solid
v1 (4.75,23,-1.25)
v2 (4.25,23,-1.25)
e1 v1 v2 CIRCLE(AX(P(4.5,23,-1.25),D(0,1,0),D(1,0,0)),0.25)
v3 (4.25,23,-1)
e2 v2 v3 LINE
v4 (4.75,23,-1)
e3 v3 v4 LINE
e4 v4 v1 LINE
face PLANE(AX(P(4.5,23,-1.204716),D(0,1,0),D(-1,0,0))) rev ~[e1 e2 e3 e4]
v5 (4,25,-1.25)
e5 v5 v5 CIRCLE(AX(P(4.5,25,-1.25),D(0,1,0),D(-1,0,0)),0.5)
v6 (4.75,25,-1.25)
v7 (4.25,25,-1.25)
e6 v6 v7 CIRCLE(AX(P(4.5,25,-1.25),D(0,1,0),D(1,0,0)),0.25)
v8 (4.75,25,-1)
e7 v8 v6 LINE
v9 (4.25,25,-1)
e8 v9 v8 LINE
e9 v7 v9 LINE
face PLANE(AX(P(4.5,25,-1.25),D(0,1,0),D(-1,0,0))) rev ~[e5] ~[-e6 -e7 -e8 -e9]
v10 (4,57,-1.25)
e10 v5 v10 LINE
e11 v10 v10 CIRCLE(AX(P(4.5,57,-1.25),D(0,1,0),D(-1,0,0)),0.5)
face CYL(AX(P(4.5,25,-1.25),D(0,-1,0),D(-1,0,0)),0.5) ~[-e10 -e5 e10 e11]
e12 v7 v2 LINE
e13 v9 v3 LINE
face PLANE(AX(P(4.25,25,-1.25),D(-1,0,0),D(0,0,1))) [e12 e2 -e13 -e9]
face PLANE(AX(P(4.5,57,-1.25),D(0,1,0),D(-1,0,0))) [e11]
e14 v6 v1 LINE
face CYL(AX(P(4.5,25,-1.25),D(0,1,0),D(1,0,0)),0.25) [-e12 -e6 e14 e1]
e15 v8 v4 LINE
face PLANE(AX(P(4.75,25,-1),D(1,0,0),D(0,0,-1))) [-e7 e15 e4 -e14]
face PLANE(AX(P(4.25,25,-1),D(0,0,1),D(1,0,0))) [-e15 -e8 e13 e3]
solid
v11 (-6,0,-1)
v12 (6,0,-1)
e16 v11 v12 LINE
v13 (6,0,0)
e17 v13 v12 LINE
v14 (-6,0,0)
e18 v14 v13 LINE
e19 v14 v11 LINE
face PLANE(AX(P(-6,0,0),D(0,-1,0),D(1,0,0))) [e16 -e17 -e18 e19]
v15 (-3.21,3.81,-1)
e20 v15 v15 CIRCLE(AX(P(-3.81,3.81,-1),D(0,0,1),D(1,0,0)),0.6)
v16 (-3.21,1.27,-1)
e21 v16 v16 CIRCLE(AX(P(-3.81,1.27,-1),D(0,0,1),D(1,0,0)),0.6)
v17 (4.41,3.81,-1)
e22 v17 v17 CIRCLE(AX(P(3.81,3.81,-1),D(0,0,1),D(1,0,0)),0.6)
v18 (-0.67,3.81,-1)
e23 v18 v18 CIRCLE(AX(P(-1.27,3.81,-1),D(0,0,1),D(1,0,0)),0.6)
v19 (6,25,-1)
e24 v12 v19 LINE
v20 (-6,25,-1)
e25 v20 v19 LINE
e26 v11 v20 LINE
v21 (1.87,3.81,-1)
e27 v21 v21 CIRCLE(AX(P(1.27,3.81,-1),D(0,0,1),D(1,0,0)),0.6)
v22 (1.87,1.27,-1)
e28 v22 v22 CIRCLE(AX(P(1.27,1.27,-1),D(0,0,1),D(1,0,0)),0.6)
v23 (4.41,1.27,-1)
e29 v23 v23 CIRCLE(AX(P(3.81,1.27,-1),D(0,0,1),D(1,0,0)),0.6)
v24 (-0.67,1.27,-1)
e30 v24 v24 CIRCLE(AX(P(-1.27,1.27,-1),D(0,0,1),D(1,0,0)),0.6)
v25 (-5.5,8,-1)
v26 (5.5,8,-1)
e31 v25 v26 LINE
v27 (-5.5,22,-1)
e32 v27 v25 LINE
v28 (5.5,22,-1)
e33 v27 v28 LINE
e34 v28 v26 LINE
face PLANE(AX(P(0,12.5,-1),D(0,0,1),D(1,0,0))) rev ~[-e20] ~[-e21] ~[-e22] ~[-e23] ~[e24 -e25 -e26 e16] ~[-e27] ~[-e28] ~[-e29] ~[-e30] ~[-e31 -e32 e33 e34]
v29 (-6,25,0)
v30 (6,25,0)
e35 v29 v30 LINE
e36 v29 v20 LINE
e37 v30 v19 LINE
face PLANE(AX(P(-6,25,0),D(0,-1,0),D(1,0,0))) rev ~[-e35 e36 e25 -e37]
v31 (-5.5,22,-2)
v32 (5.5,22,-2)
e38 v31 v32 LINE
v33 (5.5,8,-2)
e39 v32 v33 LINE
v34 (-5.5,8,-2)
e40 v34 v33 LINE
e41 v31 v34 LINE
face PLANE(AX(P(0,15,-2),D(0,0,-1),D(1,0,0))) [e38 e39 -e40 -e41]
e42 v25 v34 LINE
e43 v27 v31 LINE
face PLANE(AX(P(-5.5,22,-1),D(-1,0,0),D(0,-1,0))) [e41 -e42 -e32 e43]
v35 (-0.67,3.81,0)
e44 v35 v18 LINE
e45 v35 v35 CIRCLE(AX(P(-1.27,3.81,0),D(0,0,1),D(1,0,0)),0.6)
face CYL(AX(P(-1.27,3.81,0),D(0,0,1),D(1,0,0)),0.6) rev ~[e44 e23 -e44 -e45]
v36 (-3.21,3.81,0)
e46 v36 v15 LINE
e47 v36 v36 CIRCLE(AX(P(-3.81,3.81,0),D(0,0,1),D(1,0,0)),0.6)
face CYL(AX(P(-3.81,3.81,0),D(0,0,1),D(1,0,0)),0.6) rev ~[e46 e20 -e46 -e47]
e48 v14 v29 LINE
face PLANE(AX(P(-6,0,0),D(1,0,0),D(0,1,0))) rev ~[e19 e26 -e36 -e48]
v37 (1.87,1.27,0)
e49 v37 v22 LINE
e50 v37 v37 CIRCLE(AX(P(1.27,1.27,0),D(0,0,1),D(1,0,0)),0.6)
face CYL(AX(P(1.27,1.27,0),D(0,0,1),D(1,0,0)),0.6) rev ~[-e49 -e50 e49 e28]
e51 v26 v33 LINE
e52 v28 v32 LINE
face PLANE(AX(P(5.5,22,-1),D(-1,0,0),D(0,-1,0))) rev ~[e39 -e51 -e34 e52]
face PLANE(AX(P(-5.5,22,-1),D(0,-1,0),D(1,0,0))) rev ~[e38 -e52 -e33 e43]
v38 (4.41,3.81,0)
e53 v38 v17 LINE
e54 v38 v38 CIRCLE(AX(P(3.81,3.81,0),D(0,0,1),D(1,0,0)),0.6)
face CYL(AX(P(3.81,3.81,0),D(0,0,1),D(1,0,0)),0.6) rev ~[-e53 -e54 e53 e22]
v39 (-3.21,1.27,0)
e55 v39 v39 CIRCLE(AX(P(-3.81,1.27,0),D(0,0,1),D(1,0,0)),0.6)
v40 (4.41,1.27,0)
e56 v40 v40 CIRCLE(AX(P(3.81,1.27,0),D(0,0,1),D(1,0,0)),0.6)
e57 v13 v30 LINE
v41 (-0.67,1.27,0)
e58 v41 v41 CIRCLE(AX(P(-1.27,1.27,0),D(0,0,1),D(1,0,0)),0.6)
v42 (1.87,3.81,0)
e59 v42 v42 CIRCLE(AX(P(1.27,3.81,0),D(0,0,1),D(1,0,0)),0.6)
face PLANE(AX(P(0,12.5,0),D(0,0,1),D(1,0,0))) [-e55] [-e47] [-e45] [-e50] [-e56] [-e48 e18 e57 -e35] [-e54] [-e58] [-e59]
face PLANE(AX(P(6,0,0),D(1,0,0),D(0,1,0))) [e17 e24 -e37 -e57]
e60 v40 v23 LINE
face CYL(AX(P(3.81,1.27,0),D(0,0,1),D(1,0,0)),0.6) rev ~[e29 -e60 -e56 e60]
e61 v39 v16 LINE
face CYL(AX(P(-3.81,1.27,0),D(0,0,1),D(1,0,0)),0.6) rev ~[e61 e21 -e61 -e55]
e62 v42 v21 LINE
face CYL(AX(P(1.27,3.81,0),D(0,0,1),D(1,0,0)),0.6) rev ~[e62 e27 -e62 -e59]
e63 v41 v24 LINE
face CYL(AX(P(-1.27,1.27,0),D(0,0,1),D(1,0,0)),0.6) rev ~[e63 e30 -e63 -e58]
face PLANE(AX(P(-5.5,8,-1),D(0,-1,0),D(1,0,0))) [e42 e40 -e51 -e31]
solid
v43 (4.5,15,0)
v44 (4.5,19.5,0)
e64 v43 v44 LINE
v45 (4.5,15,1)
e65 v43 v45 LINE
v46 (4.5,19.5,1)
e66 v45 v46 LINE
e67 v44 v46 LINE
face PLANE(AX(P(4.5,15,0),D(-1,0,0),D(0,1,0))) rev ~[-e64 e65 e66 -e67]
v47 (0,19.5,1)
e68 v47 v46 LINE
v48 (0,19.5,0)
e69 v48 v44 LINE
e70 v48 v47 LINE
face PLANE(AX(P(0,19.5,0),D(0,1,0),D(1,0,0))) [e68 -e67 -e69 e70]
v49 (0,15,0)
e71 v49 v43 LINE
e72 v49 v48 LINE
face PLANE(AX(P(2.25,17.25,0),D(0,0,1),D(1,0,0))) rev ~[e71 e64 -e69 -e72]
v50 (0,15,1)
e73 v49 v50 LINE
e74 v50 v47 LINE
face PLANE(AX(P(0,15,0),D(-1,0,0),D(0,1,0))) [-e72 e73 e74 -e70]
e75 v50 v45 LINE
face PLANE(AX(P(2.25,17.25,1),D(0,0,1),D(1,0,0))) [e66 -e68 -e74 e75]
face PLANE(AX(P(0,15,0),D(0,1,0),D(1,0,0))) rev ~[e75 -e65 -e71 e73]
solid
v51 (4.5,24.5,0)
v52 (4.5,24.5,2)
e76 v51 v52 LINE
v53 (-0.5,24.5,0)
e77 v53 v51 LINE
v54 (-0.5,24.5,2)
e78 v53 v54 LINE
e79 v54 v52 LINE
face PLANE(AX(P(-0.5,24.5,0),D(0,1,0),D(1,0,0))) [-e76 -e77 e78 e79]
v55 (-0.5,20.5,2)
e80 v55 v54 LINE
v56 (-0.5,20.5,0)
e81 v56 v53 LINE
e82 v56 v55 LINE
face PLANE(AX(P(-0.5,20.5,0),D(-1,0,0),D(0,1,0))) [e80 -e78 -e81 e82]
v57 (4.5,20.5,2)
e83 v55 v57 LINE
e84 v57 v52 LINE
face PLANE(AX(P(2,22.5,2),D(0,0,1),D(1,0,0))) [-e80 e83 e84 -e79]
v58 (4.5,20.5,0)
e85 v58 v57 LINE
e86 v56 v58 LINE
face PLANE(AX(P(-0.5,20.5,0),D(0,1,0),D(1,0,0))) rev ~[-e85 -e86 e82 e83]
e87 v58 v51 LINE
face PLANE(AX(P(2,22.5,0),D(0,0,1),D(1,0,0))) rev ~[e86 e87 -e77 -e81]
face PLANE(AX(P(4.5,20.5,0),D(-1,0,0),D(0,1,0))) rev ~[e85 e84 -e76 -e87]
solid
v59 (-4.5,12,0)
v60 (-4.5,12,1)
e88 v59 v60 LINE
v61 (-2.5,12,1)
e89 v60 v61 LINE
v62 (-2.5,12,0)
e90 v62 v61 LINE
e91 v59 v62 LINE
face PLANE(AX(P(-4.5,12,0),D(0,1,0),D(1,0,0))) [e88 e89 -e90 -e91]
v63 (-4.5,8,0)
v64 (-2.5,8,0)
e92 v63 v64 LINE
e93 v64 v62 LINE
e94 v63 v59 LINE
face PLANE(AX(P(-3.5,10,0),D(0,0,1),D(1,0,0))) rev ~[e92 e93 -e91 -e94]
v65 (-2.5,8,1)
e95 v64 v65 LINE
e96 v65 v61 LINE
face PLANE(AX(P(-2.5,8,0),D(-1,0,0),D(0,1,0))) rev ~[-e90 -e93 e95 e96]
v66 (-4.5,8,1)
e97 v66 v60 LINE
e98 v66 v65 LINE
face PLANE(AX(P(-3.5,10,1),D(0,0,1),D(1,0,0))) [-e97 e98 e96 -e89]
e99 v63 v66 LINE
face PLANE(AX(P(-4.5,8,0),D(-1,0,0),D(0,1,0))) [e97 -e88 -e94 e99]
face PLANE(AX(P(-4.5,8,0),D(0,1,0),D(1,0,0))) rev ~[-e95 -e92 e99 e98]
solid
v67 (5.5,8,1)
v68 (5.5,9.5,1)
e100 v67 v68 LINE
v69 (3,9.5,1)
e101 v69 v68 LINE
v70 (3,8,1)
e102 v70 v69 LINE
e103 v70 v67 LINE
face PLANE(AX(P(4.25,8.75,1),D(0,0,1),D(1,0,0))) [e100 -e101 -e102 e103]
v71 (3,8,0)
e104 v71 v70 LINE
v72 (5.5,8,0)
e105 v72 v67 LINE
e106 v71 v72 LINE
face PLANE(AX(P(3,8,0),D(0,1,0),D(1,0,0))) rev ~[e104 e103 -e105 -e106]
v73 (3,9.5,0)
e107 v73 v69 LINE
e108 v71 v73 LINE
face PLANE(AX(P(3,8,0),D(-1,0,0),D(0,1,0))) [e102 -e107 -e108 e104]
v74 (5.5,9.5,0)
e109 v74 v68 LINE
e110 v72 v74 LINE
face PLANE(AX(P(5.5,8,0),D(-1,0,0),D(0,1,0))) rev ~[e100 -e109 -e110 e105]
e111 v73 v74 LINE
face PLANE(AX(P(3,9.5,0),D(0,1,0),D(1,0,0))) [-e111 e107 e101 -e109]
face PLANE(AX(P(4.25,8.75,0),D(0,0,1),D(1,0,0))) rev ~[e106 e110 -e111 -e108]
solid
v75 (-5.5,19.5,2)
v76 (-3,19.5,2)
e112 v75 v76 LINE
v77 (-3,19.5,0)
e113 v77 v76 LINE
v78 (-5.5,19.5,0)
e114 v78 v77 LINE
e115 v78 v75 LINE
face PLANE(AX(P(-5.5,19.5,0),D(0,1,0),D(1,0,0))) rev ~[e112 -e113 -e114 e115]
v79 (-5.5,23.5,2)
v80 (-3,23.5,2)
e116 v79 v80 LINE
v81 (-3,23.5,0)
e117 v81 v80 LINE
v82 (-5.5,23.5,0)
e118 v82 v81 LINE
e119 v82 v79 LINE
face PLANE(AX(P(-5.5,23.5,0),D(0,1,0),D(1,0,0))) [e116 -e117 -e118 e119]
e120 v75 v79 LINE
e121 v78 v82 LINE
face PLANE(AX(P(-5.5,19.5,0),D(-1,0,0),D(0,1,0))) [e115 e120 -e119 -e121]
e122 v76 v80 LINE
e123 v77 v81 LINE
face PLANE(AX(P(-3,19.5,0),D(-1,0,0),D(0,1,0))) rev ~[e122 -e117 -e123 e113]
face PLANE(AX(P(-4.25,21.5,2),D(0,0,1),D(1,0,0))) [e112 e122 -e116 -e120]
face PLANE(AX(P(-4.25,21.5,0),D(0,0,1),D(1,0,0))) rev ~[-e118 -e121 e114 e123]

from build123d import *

# Parameters (mm, degrees)
F0_W     = 12
F0_H     = 25
F0_R     = 0.6
F2_DEPTH = 1
F1_W     = 4.5
F1_H     = 4.5
F3_DEPTH = 1
F1_W_2   = 2
F1_H_2   = 4
F1_W_3   = 2.5
F1_H_3   = 1.5
F1_W_4   = 5
F4_DEPTH = 2
F5_W     = 11
F5_H     = 14
F6_DEPTH = 1
F7_R     = 0.5
F8_DEPTH = 32
F9_DEPTH = 2


with BuildPart() as f2:
    # F0 (on Top) → F2 (new body)
    with BuildSketch(Plane.XY):
        with Locations((0, 12.5)):
            Rectangle(F0_W, F0_H)
        with Locations((-3.81, 1.27)):
            Circle(F0_R, mode=Mode.SUBTRACT)
        with Locations((-3.81, 3.81)):
            Circle(F0_R, mode=Mode.SUBTRACT)
        with Locations((-1.27, 1.27)):
            Circle(F0_R, mode=Mode.SUBTRACT)
        with Locations((-1.27, 3.81)):
            Circle(F0_R, mode=Mode.SUBTRACT)
        with Locations((1.27, 1.27)):
            Circle(F0_R, mode=Mode.SUBTRACT)
        with Locations((1.27, 3.81)):
            Circle(F0_R, mode=Mode.SUBTRACT)
        with Locations((3.81, 1.27)):
            Circle(F0_R, mode=Mode.SUBTRACT)
        with Locations((3.81, 3.81)):
            Circle(F0_R, mode=Mode.SUBTRACT)
    extrude(amount=-F2_DEPTH)

    # F5 (on face) → F6 (join)
    with BuildSketch(Plane(origin=(0, 0, -1), x_dir=(1, 0, 0), z_dir=(0, 0, -1))):
        with Locations((0, -15)):
            Rectangle(F5_W, F5_H)
    extrude(amount=F6_DEPTH)


with BuildPart() as f3:
    # F1 (on Top) → F3 (new body)
    with BuildSketch(Plane.XY):
        with Locations((2.25, 17.25)):
            Rectangle(F1_W, F1_H)
    extrude(amount=F3_DEPTH)


with BuildPart() as f3b:
    # F1 (on Top) → F3, piece 2 (new body)
    with BuildSketch(Plane.XY):
        with Locations((-3.5, 10)):
            Rectangle(F1_W_2, F1_H_2)
    extrude(amount=F3_DEPTH)


with BuildPart() as f3c:
    # F1 (on Top) → F3, piece 3 (new body)
    with BuildSketch(Plane.XY):
        with Locations((4.25, 8.75)):
            Rectangle(F1_W_3, F1_H_3)
    extrude(amount=F3_DEPTH)


with BuildPart() as f4:
    # F1 (on Top) → F4 (new body)
    with BuildSketch(Plane.XY):
        with Locations((2, 22.5)):
            Rectangle(F1_W_4, F1_H_2)
    extrude(amount=F4_DEPTH)


with BuildPart() as f4b:
    # F1 (on Top) → F4, piece 2 (new body)
    with BuildSketch(Plane.XY):
        with Locations((-4.25, 21.5)):
            Rectangle(F1_W_3, F1_H_2)
    extrude(amount=F4_DEPTH)


with BuildPart() as f8:
    # F7 (on face) → F8 (new body)
    with BuildSketch(Plane(origin=(0, 25, 0), x_dir=(-1, 0, 0), z_dir=(0, 1, 0))):
        with Locations((-4.5, -1.25)):
            Circle(F7_R)
        with BuildLine():
            Line((-4.75, -1), (-4.75, -1.25))
            ThreePointArc((-4.75, -1.25), (-4.5, -1.5), (-4.25, -1.25))
            Line((-4.25, -1.25), (-4.25, -1))
            Line((-4.25, -1), (-4.75, -1))
        make_face()
    extrude(amount=F8_DEPTH)

    # F7 (on face) → F9 (join)
    with BuildSketch(Plane(origin=(0, 25, 0), x_dir=(-1, 0, 0), z_dir=(0, 1, 0))):
        with BuildLine():
            Line((-4.75, -1), (-4.75, -1.25))
            ThreePointArc((-4.75, -1.25), (-4.5, -1.5), (-4.25, -1.25))
            Line((-4.25, -1.25), (-4.25, -1))
            Line((-4.25, -1), (-4.75, -1))
        make_face()
    extrude(amount=-F9_DEPTH)


solid = Compound([f2.part, f3.part, f3b.part, f3c.part, f4.part, f4b.part, f8.part])
